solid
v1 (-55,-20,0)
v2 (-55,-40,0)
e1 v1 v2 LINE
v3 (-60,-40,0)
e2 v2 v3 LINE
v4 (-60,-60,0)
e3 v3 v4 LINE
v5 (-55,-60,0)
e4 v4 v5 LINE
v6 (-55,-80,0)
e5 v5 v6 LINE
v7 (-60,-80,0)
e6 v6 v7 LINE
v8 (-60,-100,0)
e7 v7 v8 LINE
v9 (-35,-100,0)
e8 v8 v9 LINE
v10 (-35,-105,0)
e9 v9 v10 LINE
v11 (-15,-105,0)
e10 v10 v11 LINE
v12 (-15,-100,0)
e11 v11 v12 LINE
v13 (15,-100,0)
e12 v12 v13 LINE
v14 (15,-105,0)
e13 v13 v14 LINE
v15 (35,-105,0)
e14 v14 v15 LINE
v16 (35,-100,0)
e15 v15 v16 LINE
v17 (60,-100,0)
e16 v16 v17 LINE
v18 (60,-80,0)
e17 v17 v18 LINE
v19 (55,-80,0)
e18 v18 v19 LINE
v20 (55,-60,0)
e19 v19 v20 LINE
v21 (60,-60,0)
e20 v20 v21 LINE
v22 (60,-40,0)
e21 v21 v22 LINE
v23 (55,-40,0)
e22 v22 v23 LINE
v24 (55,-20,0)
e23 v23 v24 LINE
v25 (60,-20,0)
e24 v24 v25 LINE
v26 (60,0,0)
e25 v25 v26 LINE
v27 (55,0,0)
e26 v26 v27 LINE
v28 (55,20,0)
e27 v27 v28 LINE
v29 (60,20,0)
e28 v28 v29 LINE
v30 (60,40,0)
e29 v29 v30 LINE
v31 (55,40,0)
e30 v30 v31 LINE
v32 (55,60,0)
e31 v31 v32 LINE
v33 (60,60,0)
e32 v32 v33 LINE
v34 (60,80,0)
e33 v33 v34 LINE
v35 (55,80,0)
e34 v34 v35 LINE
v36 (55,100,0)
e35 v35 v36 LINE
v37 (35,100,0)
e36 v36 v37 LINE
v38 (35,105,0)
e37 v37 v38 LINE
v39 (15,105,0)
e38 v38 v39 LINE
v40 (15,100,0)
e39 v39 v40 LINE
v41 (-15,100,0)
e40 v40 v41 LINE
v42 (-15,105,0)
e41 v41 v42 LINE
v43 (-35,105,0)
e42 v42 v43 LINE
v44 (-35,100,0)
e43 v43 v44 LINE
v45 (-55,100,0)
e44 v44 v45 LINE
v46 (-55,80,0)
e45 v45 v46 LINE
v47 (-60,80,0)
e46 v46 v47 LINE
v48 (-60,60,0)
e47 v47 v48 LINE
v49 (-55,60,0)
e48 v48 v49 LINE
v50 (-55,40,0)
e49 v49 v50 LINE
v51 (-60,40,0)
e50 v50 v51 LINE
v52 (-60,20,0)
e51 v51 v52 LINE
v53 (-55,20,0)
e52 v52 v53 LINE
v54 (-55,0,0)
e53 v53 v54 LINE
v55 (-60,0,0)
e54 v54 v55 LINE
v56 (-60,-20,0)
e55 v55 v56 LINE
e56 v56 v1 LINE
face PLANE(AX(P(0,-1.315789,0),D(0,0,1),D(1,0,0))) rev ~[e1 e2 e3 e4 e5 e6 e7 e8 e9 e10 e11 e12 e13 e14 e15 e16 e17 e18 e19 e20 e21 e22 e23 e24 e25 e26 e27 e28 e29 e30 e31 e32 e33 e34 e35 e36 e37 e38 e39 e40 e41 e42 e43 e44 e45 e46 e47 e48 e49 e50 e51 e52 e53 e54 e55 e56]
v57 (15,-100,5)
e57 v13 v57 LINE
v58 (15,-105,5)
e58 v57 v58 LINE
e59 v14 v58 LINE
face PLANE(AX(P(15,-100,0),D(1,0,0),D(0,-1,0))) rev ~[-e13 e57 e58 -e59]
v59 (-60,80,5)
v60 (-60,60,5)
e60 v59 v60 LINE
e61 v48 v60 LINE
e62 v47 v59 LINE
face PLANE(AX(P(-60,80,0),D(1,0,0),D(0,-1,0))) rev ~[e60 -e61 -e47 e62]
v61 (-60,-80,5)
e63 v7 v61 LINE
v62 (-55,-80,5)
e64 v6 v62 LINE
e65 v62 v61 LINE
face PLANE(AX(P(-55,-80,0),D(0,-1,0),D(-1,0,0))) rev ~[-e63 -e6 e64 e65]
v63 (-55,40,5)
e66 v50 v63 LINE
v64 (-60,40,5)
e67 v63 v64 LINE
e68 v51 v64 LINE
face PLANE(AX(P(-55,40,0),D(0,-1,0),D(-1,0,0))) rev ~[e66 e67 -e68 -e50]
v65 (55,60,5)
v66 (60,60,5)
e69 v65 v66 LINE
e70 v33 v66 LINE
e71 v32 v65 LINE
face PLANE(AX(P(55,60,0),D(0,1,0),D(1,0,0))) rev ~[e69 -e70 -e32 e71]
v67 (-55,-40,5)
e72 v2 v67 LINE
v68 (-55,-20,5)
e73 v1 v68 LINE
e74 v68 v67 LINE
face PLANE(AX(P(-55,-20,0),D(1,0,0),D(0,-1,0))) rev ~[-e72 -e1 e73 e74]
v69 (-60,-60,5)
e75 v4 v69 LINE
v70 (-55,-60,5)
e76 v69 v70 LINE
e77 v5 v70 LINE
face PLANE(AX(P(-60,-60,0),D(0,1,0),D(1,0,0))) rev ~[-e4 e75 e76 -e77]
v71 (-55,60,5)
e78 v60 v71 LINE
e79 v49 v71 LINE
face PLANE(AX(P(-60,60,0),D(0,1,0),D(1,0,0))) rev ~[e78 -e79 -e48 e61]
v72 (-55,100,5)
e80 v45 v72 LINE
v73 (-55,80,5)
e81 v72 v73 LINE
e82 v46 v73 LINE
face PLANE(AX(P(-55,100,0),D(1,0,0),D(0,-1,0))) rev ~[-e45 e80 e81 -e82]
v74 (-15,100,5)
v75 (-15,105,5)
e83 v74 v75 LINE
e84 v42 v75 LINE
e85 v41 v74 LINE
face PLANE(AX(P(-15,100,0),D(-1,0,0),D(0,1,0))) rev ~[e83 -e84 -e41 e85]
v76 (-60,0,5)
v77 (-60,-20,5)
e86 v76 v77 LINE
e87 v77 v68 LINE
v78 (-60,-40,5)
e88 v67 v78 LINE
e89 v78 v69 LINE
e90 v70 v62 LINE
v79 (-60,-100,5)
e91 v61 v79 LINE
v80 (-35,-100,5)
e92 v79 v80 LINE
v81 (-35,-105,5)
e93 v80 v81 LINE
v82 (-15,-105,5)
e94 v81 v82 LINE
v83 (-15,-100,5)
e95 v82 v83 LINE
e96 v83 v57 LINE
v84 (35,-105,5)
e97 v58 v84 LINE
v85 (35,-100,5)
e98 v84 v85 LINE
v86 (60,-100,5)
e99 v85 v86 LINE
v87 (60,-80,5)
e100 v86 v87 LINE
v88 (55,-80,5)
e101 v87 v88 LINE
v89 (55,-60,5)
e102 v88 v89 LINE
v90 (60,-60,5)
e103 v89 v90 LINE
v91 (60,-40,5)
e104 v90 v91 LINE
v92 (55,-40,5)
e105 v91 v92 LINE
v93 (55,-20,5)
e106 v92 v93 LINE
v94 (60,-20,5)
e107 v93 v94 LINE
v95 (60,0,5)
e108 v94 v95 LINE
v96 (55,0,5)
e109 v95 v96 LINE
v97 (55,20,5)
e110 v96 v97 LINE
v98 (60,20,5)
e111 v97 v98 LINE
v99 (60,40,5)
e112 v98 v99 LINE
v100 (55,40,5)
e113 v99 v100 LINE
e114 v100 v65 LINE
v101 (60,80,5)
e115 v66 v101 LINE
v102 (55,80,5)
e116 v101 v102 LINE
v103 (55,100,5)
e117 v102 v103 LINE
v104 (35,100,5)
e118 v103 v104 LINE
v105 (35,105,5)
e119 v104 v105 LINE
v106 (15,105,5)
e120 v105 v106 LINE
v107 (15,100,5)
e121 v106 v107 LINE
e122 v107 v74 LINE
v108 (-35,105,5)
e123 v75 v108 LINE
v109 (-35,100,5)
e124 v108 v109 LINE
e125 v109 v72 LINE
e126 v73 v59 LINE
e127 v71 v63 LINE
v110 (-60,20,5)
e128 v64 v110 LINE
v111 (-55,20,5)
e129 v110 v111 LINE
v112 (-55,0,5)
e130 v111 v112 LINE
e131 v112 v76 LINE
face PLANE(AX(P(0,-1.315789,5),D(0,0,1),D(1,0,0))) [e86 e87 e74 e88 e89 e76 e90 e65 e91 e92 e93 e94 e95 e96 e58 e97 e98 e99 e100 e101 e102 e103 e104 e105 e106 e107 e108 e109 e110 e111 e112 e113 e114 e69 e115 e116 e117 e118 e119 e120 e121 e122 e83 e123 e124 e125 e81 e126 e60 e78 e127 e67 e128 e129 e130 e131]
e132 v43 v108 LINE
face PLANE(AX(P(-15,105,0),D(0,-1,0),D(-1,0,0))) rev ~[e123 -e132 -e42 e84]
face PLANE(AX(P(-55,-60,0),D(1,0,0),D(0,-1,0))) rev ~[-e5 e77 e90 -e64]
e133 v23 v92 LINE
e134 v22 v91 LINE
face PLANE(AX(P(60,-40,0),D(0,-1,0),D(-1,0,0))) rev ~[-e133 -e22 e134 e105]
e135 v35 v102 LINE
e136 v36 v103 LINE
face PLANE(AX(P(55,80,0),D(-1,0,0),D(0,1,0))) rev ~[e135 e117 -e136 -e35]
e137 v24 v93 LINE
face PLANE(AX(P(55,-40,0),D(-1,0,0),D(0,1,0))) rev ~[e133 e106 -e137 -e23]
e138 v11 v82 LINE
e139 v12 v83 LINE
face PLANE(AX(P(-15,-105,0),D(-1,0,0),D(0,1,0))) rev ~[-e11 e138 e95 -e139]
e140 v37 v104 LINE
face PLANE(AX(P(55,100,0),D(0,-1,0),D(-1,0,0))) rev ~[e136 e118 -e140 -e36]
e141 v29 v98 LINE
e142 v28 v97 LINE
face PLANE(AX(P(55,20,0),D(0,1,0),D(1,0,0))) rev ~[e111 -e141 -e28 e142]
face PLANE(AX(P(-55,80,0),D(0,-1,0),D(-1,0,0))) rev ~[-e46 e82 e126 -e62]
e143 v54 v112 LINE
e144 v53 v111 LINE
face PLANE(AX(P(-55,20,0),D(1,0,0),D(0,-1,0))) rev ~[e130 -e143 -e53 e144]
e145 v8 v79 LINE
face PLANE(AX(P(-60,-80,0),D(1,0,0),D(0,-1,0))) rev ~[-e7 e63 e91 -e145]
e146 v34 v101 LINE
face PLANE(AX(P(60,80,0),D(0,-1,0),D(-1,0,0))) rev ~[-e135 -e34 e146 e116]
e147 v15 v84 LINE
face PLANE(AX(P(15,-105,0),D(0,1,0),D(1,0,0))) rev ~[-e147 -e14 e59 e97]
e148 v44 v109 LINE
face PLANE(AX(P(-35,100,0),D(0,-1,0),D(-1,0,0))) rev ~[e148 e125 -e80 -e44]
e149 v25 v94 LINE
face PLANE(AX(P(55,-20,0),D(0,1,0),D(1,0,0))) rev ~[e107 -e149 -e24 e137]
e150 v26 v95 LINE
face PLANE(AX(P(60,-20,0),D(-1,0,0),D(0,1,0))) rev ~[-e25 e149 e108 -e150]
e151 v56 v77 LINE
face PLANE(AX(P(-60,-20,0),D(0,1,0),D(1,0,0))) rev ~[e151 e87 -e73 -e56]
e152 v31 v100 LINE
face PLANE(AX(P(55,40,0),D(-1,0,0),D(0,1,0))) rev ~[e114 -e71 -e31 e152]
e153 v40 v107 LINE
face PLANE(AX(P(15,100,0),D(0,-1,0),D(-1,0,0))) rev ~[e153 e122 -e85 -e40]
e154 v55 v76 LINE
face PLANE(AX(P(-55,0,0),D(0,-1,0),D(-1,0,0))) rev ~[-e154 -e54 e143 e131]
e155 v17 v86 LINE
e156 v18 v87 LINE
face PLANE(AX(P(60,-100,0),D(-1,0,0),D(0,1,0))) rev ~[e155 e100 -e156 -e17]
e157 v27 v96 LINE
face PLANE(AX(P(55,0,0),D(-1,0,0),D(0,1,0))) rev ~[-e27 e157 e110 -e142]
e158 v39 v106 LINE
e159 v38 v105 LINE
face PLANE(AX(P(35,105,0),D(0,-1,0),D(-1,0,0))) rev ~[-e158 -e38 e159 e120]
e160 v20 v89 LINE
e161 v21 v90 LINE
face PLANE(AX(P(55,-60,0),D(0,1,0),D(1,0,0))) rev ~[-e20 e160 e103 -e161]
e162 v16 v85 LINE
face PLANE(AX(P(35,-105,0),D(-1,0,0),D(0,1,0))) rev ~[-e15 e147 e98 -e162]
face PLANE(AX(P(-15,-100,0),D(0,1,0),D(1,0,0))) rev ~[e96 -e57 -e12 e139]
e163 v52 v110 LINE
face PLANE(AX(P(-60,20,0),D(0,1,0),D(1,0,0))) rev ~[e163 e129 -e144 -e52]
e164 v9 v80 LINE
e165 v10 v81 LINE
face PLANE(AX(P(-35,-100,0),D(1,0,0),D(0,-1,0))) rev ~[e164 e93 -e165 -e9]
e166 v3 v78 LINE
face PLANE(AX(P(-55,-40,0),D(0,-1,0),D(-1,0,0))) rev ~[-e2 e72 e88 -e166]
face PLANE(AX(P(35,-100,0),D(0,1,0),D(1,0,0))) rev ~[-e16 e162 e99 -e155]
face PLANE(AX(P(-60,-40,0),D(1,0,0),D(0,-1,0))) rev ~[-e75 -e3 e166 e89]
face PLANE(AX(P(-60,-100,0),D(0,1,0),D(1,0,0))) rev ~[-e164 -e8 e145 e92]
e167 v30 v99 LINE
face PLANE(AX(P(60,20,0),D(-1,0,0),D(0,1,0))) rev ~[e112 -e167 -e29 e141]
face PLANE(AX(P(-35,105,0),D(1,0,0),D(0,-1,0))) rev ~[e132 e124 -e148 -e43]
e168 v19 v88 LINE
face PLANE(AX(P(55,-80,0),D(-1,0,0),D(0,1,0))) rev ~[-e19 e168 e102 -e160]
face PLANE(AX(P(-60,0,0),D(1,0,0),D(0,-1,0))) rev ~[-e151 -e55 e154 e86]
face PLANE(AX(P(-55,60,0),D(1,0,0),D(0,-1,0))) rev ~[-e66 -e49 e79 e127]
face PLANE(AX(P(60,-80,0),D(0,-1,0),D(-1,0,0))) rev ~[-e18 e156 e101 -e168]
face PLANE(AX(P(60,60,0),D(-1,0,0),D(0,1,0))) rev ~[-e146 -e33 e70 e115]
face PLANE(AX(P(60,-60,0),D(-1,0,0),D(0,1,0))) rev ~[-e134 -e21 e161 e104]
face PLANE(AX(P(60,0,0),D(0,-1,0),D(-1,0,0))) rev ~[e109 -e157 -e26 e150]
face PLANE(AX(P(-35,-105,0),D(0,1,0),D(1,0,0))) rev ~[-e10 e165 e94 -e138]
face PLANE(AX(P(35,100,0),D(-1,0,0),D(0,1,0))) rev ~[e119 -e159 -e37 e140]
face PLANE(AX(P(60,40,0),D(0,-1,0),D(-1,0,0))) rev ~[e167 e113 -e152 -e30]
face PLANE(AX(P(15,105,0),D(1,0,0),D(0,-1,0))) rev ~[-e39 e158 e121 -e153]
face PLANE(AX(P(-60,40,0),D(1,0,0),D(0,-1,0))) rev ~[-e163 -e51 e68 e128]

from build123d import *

# Parameters (mm, degrees)
F1_DEPTH = 5


with BuildPart() as f1:
    # F0 (on Top) → F1 (new body)
    with BuildSketch(Plane.XY):
        Polygon((55, 80), (55, 100), (35, 100), (35, 105), (15, 105), (15, 100), (-15, 100), (-15, 105), (-35, 105), (-35, 100), (-55, 100), (-55, 80), (-60, 80), (-60, 60), (-55, 60), (-55, 40), (-60, 40), (-60, 20), (-55, 20), (-55, 0), (-60, 0), (-60, -20), (-55, -20), (-55, -40), (-60, -40), (-60, -60), (-55, -60), (-55, -80), (-60, -80), (-60, -100), (-55, -100), (-35, -100), (-35, -105), (-15, -105), (-15, -100), (15, -100), (15, -105), (35, -105), (35, -100), (55, -100), (60, -100), (60, -80), (55, -80), (55, -60), (60, -60), (60, -40), (55, -40), (55, -20), (60, -20), (60, 0), (55, 0), (55, 20), (60, 20), (60, 40), (55, 40), (55, 60), (60, 60), (60, 80), align=None)
    extrude(amount=F1_DEPTH)


solid = f1.part
